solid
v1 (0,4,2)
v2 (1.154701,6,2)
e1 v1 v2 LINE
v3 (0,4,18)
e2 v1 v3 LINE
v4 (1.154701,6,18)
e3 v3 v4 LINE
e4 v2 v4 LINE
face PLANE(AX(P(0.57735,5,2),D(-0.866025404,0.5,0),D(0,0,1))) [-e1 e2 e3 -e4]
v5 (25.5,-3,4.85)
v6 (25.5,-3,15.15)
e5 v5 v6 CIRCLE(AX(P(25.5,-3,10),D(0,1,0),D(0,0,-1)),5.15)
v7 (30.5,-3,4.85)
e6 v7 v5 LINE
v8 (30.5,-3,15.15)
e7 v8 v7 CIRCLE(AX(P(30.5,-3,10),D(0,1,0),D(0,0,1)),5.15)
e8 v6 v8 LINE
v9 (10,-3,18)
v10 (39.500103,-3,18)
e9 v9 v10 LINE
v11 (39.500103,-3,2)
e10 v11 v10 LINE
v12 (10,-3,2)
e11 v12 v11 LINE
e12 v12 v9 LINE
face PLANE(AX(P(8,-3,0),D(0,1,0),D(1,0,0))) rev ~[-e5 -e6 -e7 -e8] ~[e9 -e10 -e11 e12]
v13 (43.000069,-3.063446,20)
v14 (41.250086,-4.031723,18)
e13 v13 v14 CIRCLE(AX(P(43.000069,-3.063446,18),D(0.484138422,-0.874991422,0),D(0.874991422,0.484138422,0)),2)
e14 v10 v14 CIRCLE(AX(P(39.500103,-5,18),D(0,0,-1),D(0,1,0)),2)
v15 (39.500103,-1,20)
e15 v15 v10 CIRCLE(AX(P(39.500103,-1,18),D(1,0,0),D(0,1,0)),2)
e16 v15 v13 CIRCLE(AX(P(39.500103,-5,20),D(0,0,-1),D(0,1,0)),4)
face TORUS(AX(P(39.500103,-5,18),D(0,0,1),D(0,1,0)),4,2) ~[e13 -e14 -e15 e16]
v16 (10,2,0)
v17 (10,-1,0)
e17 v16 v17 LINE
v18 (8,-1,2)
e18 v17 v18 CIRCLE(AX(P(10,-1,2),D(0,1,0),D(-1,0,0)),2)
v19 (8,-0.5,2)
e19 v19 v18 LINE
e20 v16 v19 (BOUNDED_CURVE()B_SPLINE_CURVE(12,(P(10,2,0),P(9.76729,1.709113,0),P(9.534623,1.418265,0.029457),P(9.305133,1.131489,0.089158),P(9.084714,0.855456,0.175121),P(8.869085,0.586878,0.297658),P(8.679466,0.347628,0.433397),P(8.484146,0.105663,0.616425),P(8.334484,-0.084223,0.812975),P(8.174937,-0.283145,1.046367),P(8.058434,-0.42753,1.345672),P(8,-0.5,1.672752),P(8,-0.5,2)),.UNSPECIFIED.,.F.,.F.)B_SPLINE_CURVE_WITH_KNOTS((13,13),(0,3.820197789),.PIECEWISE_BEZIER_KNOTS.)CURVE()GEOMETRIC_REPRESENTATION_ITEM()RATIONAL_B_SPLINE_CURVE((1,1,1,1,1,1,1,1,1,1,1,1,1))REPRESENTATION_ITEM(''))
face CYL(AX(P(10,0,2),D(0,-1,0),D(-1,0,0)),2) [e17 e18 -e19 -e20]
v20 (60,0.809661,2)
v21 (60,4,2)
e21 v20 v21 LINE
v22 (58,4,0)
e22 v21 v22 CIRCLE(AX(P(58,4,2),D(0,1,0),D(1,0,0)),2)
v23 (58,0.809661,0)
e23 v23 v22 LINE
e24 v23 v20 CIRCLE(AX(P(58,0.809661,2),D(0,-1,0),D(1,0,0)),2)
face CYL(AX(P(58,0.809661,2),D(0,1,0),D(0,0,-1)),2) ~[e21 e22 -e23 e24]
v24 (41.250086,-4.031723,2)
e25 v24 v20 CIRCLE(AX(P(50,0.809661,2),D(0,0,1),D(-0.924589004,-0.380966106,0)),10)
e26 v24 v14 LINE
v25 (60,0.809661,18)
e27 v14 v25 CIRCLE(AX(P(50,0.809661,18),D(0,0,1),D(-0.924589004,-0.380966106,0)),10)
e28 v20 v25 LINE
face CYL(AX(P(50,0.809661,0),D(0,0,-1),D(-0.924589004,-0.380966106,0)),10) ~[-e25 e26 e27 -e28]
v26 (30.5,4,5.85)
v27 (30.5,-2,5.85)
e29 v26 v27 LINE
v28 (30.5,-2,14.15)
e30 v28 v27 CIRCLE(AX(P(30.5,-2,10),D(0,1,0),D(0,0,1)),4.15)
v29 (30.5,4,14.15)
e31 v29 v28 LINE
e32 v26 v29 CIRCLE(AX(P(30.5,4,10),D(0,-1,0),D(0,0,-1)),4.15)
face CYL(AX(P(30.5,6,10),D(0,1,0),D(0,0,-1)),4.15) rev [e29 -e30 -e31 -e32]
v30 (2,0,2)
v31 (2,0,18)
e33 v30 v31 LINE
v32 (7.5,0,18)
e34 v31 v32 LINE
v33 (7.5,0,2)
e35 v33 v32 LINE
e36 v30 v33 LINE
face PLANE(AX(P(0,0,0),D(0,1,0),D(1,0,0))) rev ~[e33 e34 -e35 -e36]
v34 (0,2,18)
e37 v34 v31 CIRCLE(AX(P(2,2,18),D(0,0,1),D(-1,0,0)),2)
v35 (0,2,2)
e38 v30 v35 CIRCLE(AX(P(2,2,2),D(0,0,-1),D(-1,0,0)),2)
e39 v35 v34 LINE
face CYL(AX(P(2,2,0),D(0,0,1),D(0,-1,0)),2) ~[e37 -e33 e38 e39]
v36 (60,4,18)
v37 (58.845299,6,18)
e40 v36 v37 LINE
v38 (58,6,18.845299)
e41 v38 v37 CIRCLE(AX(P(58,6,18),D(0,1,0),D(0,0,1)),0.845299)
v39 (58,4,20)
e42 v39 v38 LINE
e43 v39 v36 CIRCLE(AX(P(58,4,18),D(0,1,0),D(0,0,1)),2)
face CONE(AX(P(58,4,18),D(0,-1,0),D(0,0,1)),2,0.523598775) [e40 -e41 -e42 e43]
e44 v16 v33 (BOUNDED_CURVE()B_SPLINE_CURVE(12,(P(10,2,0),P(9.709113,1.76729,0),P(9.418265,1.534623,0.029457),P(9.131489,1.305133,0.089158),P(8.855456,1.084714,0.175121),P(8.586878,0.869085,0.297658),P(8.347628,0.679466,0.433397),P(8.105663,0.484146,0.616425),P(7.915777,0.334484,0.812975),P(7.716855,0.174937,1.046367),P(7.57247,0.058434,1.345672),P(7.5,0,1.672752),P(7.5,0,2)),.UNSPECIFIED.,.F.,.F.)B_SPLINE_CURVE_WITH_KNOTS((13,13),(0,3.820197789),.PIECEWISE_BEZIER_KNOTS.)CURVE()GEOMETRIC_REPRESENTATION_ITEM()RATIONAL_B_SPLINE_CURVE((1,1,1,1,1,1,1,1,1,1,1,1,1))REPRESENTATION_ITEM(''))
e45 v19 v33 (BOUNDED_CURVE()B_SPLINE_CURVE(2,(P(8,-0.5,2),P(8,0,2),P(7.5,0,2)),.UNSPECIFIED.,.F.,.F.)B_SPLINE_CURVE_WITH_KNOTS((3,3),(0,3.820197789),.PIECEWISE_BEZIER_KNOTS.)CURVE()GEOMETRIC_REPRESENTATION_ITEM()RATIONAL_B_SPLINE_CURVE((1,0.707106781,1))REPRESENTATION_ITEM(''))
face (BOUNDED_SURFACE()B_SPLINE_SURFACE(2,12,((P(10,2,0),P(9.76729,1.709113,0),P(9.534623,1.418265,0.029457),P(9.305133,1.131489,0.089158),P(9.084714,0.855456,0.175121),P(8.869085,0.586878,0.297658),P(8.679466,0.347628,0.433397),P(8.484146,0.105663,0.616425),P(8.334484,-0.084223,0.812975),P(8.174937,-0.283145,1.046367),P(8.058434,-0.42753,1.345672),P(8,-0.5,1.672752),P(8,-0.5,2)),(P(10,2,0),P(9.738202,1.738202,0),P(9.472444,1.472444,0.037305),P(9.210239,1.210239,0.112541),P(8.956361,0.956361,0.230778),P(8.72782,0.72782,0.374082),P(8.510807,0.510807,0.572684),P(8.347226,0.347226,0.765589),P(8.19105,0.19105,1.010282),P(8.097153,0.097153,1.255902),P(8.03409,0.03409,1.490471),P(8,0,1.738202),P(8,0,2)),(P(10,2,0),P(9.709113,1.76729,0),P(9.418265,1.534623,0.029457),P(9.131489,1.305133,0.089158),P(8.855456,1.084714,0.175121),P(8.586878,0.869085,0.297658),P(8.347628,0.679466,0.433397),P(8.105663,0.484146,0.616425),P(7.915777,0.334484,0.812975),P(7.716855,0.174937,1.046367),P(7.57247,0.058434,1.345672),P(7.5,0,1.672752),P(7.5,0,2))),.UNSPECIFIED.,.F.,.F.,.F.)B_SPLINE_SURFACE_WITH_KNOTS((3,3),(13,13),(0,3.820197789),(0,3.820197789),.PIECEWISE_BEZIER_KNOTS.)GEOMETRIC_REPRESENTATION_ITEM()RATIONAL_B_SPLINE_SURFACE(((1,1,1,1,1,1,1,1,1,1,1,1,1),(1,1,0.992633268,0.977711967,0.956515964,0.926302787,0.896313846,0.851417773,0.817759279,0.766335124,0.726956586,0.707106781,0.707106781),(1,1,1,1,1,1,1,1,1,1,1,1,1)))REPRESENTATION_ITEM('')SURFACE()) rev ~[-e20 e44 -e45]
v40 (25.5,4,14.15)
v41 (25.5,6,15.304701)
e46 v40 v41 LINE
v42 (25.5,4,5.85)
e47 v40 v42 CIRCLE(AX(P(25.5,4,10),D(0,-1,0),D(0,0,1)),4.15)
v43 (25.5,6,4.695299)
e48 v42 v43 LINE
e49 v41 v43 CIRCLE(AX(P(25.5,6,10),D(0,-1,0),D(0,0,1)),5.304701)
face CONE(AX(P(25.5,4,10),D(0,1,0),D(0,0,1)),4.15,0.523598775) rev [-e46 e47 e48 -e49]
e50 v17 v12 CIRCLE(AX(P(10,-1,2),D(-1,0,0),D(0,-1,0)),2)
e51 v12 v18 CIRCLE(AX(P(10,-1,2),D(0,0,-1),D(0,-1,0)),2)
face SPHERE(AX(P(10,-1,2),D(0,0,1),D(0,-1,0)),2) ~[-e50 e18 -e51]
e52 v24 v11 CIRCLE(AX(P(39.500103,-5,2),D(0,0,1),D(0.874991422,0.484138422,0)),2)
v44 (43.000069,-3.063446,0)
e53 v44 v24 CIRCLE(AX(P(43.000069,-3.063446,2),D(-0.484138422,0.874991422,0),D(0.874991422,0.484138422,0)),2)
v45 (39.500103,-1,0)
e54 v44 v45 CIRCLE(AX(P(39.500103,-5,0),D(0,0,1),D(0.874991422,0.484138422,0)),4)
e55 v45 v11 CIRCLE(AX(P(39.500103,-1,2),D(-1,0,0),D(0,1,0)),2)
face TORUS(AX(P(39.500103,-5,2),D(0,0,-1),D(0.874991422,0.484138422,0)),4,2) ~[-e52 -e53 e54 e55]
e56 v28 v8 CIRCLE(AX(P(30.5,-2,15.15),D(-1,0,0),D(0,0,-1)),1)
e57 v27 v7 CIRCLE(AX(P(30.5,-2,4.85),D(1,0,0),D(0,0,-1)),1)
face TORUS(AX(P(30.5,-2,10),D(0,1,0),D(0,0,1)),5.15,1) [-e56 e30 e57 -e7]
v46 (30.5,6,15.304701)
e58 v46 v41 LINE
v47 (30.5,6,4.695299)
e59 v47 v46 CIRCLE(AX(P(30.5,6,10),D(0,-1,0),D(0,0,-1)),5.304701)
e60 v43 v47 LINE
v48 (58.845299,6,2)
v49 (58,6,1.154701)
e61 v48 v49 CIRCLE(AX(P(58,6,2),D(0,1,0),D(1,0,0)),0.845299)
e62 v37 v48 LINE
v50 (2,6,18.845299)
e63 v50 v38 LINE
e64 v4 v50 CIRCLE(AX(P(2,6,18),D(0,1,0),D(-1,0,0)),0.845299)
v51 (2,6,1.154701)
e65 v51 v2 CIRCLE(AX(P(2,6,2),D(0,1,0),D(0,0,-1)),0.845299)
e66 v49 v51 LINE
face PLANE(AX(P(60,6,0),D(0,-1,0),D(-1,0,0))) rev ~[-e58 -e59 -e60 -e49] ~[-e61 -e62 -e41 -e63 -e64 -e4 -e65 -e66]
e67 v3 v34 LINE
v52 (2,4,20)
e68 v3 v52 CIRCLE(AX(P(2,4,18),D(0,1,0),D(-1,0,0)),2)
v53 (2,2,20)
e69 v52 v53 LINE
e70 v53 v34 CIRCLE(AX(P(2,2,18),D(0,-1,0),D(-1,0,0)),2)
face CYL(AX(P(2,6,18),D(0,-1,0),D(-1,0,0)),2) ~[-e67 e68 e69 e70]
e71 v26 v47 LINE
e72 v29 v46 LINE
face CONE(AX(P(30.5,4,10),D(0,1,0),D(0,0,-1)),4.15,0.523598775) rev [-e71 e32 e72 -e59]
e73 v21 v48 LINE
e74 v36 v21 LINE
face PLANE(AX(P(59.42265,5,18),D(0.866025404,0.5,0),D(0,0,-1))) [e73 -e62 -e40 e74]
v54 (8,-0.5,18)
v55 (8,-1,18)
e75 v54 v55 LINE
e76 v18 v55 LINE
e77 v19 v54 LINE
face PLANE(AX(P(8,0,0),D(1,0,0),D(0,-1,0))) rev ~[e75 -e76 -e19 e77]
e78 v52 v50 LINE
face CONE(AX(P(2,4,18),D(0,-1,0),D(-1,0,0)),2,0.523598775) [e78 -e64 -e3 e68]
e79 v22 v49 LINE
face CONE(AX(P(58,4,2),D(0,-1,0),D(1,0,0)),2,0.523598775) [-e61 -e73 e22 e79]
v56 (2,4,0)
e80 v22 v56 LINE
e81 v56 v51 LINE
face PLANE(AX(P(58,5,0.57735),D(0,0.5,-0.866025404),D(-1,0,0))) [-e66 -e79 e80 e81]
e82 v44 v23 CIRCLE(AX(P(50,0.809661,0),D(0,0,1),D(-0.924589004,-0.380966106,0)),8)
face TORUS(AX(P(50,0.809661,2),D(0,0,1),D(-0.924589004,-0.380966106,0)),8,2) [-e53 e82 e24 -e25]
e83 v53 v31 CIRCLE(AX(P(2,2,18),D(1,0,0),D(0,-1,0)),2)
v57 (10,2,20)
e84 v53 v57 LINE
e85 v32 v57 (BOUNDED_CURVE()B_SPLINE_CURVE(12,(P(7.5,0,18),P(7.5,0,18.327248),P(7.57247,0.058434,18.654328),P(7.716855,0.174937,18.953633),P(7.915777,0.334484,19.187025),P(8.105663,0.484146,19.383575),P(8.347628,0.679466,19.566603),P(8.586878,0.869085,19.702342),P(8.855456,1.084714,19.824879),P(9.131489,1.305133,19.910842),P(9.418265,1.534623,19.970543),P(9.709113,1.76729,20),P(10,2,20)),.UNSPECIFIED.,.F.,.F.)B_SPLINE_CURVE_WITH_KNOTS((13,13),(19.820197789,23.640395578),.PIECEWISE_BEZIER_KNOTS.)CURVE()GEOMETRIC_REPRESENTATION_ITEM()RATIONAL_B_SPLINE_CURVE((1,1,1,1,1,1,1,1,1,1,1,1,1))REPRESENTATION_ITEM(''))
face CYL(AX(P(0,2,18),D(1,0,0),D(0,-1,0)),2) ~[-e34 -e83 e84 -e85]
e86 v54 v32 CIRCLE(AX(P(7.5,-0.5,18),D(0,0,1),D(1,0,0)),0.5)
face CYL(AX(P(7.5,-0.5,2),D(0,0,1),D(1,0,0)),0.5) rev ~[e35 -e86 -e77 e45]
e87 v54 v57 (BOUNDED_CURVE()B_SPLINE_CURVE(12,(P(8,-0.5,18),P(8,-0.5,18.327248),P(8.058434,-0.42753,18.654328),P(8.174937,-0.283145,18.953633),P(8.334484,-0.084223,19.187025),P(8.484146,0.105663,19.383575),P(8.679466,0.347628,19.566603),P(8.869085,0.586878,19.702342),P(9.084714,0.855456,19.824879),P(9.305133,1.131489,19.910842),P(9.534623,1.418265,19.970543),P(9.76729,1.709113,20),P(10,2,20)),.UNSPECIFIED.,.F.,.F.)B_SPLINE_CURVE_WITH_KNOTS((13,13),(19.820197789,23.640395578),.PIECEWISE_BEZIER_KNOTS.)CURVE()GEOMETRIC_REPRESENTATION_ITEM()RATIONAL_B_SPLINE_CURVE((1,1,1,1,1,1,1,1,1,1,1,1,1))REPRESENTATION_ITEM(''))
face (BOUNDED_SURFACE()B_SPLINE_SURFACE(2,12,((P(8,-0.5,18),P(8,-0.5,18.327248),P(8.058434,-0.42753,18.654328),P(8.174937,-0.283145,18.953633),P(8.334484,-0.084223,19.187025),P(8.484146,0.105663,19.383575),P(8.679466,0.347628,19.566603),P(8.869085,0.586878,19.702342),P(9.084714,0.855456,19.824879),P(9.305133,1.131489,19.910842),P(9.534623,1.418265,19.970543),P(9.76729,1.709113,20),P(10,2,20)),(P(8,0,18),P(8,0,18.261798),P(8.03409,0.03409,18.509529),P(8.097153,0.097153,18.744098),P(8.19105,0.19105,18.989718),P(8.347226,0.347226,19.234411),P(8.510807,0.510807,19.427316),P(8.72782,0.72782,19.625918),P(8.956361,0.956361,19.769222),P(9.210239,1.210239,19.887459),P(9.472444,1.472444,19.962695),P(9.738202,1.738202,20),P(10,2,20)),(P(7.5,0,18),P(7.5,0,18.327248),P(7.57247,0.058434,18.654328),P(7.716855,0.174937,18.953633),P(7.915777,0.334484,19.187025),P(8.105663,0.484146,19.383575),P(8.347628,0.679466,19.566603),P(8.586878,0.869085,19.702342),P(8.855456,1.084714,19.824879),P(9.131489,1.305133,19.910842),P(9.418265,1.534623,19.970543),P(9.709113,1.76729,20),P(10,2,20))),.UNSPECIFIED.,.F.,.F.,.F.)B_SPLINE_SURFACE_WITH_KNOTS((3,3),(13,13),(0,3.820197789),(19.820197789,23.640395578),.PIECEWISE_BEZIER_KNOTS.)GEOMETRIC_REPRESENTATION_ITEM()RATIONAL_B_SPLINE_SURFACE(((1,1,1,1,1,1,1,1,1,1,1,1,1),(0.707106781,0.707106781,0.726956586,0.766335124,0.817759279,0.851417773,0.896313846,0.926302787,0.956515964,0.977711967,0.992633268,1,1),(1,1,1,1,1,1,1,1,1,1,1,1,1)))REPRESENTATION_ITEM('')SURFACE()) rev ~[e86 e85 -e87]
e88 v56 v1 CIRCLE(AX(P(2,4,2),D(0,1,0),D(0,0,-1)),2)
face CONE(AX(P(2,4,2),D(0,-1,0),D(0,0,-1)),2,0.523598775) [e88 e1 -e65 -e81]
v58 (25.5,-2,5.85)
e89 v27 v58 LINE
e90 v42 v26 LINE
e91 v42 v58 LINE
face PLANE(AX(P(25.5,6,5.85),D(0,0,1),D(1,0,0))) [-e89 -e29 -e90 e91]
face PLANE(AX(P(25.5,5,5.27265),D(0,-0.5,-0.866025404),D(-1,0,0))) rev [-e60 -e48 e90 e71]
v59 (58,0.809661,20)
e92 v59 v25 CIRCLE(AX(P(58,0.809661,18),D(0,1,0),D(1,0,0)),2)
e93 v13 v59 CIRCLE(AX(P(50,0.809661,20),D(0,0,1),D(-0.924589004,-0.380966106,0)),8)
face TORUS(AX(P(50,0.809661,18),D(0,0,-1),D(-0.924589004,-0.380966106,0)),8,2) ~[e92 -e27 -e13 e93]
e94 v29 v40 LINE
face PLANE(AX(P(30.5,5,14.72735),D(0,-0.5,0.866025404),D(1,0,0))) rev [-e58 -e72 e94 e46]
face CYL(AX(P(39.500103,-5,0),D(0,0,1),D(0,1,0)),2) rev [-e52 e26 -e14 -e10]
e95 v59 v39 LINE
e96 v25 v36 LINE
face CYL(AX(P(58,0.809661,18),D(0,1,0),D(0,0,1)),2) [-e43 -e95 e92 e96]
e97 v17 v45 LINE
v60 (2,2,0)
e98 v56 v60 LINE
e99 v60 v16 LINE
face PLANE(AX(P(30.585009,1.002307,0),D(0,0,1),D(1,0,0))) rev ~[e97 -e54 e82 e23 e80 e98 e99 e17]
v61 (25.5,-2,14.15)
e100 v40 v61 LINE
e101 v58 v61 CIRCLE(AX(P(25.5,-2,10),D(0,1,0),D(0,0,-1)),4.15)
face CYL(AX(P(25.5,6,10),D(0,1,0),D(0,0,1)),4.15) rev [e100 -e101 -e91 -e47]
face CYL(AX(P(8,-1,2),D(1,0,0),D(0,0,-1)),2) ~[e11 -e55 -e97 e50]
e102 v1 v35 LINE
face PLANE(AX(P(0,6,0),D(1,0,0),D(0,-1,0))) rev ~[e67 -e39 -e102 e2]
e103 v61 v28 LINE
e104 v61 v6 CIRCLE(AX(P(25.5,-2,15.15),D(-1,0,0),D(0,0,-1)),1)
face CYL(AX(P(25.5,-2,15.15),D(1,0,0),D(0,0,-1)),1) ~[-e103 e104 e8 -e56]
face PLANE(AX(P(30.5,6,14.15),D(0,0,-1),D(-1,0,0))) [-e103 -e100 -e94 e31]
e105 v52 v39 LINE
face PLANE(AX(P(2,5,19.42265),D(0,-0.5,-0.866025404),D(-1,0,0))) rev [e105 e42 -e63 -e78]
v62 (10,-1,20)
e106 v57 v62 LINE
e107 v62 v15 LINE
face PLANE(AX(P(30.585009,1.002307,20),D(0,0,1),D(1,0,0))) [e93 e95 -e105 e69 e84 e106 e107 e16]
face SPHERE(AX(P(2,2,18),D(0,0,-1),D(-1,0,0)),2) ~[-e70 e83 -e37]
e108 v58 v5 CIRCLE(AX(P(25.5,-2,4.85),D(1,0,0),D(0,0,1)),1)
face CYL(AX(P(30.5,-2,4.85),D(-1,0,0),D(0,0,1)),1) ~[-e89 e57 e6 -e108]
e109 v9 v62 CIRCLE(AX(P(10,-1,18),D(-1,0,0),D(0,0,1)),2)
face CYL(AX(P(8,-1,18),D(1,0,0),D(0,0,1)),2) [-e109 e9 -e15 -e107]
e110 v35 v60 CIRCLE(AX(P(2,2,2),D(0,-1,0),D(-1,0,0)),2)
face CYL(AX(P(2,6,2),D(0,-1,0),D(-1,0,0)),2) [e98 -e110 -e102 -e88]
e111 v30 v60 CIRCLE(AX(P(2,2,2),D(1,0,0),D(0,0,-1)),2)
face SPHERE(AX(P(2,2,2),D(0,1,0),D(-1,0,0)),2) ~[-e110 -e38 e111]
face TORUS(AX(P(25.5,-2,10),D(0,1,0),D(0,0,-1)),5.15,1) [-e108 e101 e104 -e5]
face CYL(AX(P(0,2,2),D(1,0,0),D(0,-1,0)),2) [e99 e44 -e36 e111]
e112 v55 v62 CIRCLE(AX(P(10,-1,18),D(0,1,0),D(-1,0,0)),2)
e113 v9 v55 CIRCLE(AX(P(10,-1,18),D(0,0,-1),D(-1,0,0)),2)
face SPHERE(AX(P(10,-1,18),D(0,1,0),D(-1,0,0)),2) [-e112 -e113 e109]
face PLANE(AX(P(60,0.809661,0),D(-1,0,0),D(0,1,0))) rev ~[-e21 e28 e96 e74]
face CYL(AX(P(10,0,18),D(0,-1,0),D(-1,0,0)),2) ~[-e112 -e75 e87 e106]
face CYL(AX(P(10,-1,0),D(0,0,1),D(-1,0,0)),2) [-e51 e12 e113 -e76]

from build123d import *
from OCP.BRepFilletAPI import BRepFilletAPI_MakeChamfer

# Parameters (mm, degrees)
BOSS_EXTRUDE1_DEPTH = 20
CUT_EXTRUDE1_REACH  = 67.044
FILLET1_R           = 2
CHAMFER1_SIZE       = 2
CHAMFER1_SIZE2      = 1.154700538
CHAMFER2_SIZE       = 2
CHAMFER2_SIZE2      = 1.154700538
FILLET2_R           = 1
FILLET3_R           = 0.5


with BuildPart() as part:
    # Sketch1 → Boss-Extrude1 (new body)
    with BuildSketch(Plane.XY):
        with BuildLine():
            Line((0, 0), (8, 0))
            Line((8, 0), (8, -3))
            Line((8, -3), (40.754109963, -3))
            ThreePointArc((40.754109963, -3), (51.941790363, -9), (60, 0.809661064))
            Line((60, 0.809661064), (60, 6))
            Line((60, 6), (0, 6))
            Line((0, 6), (0, 0))
        make_face()
    extrude(amount=BOSS_EXTRUDE1_DEPTH)

    # Sketch2 → Cut-Extrude1 (cut, up to next)
    with BuildSketch(Plane(origin=(0, 6, 0), x_dir=(1, 0, 0), z_dir=(0, 1, 0)), mode=Mode.PRIVATE) as cut_extrude1_sk1:
        with BuildLine():
            Line((25.5, -5.85), (30.5, -5.85))
            ThreePointArc((30.5, -5.85), (34.65, -10), (30.5, -14.15))
            Line((30.5, -14.15), (25.5, -14.15))
            ThreePointArc((25.5, -14.15), (21.35, -10), (25.5, -5.85))
        make_face()
    cut_extrude1_tool1 = extrude(cut_extrude1_sk1.sketch, amount=-CUT_EXTRUDE1_REACH, mode=Mode.PRIVATE) & part.part
    add(cut_extrude1_tool1.solids().sort_by_distance((28, 6, 10))[0], mode=Mode.SUBTRACT)

    # Fillet1
    fillet1_edges = [part.edges().sort_by_distance(p)[0] for p in [
        (0, 3, 0),
        (8, -1.5, 20),
        (40.754109963, -3, 10),
        (8, -3, 10),
        (0, 0, 10),
        (24.377054981, -3, 20),
        (51.941790363, -9, 20),
        (60, 3.404830532, 20),
        (0, 3, 20),
        (60, 3.404830532, 0),
        (51.941790363, -9, 0),
        (24.377054981, -3, 0),
        (4, 0, 20),
        (8, -1.5, 0),
        (4, 0, 0),
    ]]
    fillet(fillet1_edges, radius=FILLET1_R)

    # Chamfer1: one chamfer whose edges measure the first distance from different faces: ONE call of the kernel's chamfer builder (chamfer() names one face for all edges)
    chamfer1_edges_1 = [part.edges().sort_by_distance(p)[0] for p in [
        (30, 6, 0),
    ]]
    chamfer1_side_1 = [part.faces().sort_by_distance(p)[0] for p in [
        (34.587898507, 1.608386823, 0),
    ]]
    chamfer1_edges_2 = [part.edges().sort_by_distance(p)[0] for p in [
        (30, 6, 20),
    ]]
    chamfer1_side_2 = [part.faces().sort_by_distance(p)[0] for p in [
        (34.587898507, 1.608386823, 20),
    ]]
    chamfer1_edges_3 = [part.edges().sort_by_distance(p)[0] for p in [
        (60, 6, 10),
    ]]
    chamfer1_side_3 = [part.faces().sort_by_distance(p)[0] for p in [
        (60, 3.404830532, 10),
    ]]
    chamfer1_edges_4 = [part.edges().sort_by_distance(p)[0] for p in [
        (0, 6, 10),
    ]]
    chamfer1_side_4 = [part.faces().sort_by_distance(p)[0] for p in [
        (0, 4, 10),
    ]]
    chamfer1_edges_5 = [part.edges().sort_by_distance(p)[0] for p in [
        (0.585786438, 6, 19.414213562),
    ]]
    chamfer1_side_5 = [part.faces().sort_by_distance(p)[0] for p in [
        (0.585786438, 4, 19.414213562),
    ]]
    chamfer1_edges_6 = [part.edges().sort_by_distance(p)[0] for p in [
        (0.585786438, 6, 0.585786438),
    ]]
    chamfer1_side_6 = [part.faces().sort_by_distance(p)[0] for p in [
        (0.585786438, 4, 0.585786438),
    ]]
    chamfer1_edges_7 = [part.edges().sort_by_distance(p)[0] for p in [
        (59.414213562, 6, 19.414213562),
    ]]
    chamfer1_side_7 = [part.faces().sort_by_distance(p)[0] for p in [
        (59.414213562, 3.404830532, 19.414213562),
    ]]
    chamfer1_edges_8 = [part.edges().sort_by_distance(p)[0] for p in [
        (59.414213562, 6, 0.585786438),
    ]]
    chamfer1_side_8 = [part.faces().sort_by_distance(p)[0] for p in [
        (59.414213562, 3.404830532, 0.585786438),
    ]]
    chamfer1 = BRepFilletAPI_MakeChamfer(part.part.solid().wrapped)
    for e in chamfer1_edges_1:
        chamfer1.Add(CHAMFER1_SIZE, CHAMFER1_SIZE2, e.wrapped, chamfer1_side_1[0].wrapped)  # the first distance lies on this face
    for e in chamfer1_edges_2:
        chamfer1.Add(CHAMFER1_SIZE, CHAMFER1_SIZE2, e.wrapped, chamfer1_side_2[0].wrapped)  # the first distance lies on this face
    for e in chamfer1_edges_3:
        chamfer1.Add(CHAMFER1_SIZE, CHAMFER1_SIZE2, e.wrapped, chamfer1_side_3[0].wrapped)  # the first distance lies on this face
    for e in chamfer1_edges_4:
        chamfer1.Add(CHAMFER1_SIZE, CHAMFER1_SIZE2, e.wrapped, chamfer1_side_4[0].wrapped)  # the first distance lies on this face
    for e in chamfer1_edges_5:
        chamfer1.Add(CHAMFER1_SIZE, CHAMFER1_SIZE2, e.wrapped, chamfer1_side_5[0].wrapped)  # the first distance lies on this face
    for e in chamfer1_edges_6:
        chamfer1.Add(CHAMFER1_SIZE, CHAMFER1_SIZE2, e.wrapped, chamfer1_side_6[0].wrapped)  # the first distance lies on this face
    for e in chamfer1_edges_7:
        chamfer1.Add(CHAMFER1_SIZE, CHAMFER1_SIZE2, e.wrapped, chamfer1_side_7[0].wrapped)  # the first distance lies on this face
    for e in chamfer1_edges_8:
        chamfer1.Add(CHAMFER1_SIZE, CHAMFER1_SIZE2, e.wrapped, chamfer1_side_8[0].wrapped)  # the first distance lies on this face
    add(Compound.cast(chamfer1.Shape()), mode=Mode.REPLACE)

    # Chamfer2: one chamfer whose edges measure the first distance from different faces: ONE call of the kernel's chamfer builder (chamfer() names one face for all edges)
    chamfer2_edges_1 = [part.edges().sort_by_distance(p)[0] for p in [
        (21.35, 6, 10),
    ]]
    chamfer2_side_1 = [part.faces().sort_by_distance(p)[0] for p in [
        (21.35, 1.5, 10),
    ]]
    chamfer2_edges_2 = [part.edges().sort_by_distance(p)[0] for p in [
        (28, 6, 14.15),
    ]]
    chamfer2_side_2 = [part.faces().sort_by_distance(p)[0] for p in [
        (28, 1.5, 14.15),
    ]]
    chamfer2_edges_3 = [part.edges().sort_by_distance(p)[0] for p in [
        (34.65, 6, 10),
    ]]
    chamfer2_side_3 = [part.faces().sort_by_distance(p)[0] for p in [
        (34.65, 1.5, 10),
    ]]
    chamfer2_edges_4 = [part.edges().sort_by_distance(p)[0] for p in [
        (28, 6, 5.85),
    ]]
    chamfer2_side_4 = [part.faces().sort_by_distance(p)[0] for p in [
        (28, 1.5, 5.85),
    ]]
    chamfer2 = BRepFilletAPI_MakeChamfer(part.part.solid().wrapped)
    for e in chamfer2_edges_1:
        chamfer2.Add(CHAMFER2_SIZE, CHAMFER2_SIZE2, e.wrapped, chamfer2_side_1[0].wrapped)  # the first distance lies on this face
    for e in chamfer2_edges_2:
        chamfer2.Add(CHAMFER2_SIZE, CHAMFER2_SIZE2, e.wrapped, chamfer2_side_2[0].wrapped)  # the first distance lies on this face
    for e in chamfer2_edges_3:
        chamfer2.Add(CHAMFER2_SIZE, CHAMFER2_SIZE2, e.wrapped, chamfer2_side_3[0].wrapped)  # the first distance lies on this face
    for e in chamfer2_edges_4:
        chamfer2.Add(CHAMFER2_SIZE, CHAMFER2_SIZE2, e.wrapped, chamfer2_side_4[0].wrapped)  # the first distance lies on this face
    add(Compound.cast(chamfer2.Shape()), mode=Mode.REPLACE)

    # Fillet2
    fillet2_edges = [part.edges().sort_by_distance(p)[0] for p in [
        (28, -3, 14.15),
        (21.35, -3, 10),
        (28, -3, 5.85),
        (34.65, -3, 10),
    ]]
    fillet(fillet2_edges, radius=FILLET2_R)

    # Fillet3
    fillet3_edges = [part.edges().sort_by_distance(p)[0] for p in [
        (8, 0, 10),
        (8.707902185, 0.707902185, 19.526592034),
        (8.707902185, 0.707902185, 0.473407966),
    ]]
    fillet(fillet3_edges, radius=FILLET3_R)


solid = part.part
